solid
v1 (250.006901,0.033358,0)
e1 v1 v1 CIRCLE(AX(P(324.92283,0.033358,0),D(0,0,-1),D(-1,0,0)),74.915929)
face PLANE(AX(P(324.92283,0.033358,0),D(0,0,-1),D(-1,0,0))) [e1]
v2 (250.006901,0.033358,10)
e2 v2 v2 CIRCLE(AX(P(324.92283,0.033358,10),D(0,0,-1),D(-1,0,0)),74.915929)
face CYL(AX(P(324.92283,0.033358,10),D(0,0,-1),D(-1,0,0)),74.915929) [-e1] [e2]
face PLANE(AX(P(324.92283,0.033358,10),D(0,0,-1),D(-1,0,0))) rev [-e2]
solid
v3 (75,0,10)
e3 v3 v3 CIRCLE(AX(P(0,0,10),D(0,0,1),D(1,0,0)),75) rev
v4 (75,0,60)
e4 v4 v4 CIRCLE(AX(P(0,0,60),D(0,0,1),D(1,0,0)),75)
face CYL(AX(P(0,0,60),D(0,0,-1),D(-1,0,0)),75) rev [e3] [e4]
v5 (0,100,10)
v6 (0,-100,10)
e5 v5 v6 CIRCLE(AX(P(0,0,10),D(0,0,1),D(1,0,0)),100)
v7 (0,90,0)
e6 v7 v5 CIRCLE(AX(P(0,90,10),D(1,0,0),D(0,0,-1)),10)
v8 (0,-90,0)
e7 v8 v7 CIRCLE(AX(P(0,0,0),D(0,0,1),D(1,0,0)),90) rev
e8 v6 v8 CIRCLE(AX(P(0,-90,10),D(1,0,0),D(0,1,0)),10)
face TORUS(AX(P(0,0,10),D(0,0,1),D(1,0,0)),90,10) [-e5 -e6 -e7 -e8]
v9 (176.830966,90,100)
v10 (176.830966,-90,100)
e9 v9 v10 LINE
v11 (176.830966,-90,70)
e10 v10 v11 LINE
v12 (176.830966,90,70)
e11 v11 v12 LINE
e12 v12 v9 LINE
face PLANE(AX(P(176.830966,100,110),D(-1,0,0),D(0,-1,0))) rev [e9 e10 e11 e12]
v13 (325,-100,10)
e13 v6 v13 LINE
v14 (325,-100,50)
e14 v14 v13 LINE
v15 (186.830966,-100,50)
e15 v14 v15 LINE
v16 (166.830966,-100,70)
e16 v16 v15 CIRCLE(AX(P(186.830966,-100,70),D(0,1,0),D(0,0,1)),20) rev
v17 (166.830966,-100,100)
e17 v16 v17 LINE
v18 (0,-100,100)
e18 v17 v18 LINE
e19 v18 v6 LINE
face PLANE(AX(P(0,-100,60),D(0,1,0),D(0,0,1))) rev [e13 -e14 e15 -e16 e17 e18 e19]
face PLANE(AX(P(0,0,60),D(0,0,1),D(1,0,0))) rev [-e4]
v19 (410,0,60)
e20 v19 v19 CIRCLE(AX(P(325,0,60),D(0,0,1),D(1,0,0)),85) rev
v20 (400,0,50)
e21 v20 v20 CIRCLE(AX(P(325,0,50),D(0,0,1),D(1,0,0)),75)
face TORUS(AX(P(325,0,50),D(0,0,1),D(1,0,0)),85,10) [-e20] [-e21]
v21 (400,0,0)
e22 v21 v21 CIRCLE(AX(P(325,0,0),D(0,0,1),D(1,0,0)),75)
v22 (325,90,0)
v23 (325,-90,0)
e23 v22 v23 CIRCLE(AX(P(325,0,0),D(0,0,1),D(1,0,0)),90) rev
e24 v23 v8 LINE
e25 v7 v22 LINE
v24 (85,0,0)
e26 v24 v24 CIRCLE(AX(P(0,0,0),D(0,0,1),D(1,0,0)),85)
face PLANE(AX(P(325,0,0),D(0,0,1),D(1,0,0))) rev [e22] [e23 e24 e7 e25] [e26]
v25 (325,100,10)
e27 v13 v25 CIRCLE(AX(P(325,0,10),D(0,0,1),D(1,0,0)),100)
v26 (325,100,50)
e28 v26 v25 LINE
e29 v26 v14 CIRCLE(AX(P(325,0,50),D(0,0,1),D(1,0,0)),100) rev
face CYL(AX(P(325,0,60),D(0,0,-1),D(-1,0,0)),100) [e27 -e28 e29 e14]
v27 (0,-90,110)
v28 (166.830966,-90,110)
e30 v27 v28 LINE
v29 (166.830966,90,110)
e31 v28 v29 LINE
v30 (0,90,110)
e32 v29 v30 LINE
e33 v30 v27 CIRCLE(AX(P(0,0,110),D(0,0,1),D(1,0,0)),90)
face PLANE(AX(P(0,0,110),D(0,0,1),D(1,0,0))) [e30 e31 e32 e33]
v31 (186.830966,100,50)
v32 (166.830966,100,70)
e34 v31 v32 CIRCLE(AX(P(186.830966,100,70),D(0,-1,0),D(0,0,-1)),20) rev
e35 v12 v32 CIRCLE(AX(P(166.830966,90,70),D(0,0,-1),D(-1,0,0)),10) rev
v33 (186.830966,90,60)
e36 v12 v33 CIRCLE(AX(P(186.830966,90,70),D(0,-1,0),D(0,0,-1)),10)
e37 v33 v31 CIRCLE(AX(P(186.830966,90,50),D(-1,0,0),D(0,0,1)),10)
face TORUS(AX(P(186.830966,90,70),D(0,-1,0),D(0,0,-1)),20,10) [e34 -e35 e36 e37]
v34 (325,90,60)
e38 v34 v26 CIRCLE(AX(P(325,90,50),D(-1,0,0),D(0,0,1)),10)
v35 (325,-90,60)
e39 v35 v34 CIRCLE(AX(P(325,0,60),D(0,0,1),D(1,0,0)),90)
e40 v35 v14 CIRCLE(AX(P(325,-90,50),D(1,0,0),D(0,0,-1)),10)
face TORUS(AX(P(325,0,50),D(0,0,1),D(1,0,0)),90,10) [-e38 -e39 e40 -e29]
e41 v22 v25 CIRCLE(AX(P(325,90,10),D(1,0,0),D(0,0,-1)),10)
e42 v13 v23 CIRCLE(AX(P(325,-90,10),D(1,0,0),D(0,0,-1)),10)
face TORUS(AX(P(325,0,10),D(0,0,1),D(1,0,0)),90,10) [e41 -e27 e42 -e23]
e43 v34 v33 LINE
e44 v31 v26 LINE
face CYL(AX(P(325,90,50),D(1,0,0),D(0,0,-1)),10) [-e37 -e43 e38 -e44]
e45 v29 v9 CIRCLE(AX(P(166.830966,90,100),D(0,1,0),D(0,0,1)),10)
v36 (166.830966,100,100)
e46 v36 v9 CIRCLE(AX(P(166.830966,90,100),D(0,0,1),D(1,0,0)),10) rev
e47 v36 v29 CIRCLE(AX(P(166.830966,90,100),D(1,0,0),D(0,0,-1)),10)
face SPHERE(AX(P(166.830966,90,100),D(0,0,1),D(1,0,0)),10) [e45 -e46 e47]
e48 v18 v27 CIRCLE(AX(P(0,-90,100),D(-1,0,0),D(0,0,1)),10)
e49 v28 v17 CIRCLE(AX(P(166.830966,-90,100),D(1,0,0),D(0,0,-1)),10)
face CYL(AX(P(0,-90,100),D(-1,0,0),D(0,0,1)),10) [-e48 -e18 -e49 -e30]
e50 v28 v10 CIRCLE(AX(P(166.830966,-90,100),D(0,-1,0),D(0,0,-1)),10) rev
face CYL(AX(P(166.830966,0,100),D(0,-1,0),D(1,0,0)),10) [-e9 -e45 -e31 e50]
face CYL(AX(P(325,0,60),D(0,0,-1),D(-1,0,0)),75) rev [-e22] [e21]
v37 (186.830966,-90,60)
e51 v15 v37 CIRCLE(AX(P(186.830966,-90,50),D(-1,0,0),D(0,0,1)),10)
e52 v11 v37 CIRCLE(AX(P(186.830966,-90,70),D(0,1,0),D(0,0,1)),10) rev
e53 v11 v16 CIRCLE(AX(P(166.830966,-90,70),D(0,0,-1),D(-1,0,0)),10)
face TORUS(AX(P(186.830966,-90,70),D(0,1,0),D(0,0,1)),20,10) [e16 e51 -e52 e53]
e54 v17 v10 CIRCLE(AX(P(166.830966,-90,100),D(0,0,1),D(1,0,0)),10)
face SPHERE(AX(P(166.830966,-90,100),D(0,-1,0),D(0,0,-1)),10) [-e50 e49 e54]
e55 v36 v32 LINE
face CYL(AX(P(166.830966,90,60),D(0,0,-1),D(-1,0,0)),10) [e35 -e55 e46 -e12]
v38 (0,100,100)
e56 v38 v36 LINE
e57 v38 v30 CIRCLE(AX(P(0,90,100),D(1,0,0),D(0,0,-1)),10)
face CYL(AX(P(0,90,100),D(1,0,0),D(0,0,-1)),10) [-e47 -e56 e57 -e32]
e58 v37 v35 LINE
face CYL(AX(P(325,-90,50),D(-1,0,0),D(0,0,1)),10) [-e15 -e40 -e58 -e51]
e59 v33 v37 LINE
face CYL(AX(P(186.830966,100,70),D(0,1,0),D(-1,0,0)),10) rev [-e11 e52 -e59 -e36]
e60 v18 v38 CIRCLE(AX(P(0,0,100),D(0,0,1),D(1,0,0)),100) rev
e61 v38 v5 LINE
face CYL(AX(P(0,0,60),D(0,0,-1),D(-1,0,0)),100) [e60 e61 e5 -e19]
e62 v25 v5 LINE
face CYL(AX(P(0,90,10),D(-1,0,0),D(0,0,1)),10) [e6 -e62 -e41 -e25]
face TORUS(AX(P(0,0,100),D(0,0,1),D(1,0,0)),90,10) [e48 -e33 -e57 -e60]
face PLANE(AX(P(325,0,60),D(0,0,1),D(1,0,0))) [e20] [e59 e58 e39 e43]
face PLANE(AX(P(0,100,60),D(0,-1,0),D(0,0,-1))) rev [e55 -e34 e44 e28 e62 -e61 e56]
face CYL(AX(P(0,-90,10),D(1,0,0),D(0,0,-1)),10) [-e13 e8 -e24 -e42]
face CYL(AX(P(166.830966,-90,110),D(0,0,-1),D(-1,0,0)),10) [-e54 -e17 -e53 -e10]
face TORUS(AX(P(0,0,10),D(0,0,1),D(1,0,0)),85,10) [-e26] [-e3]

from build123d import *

# Parameters (mm, degrees)
SKIZZE1_R                       = 75
AUFSATZ_LINEAR_AUSTRAGEN1_DEPTH = 60
AUFSATZ_LINEAR_AUSTRAGEN2_DEPTH = 50
SKIZZE4_R                       = 74.91592882
AUFSATZ_LINEAR_AUSTRAGEN3_DEPTH = 10
VERRUNDUNG7_R                   = 10


with BuildPart() as part:
    # Skizze1 → Aufsatz-Linear austragen1 (new body)
    with BuildSketch(Plane.XY):
        with BuildLine():
            Line((0, 100), (325, 100))
            ThreePointArc((325, 100), (425, 0), (325, -100))
            Line((325, -100), (0, -100))
            ThreePointArc((0, -100), (-100, 0), (0, 100))
        make_face()
        Circle(SKIZZE1_R, mode=Mode.SUBTRACT)
        with Locations((325, 0)):
            Circle(SKIZZE1_R, mode=Mode.SUBTRACT)
    extrude(amount=AUFSATZ_LINEAR_AUSTRAGEN1_DEPTH)

    # Skizze2 → Aufsatz-Linear austragen2 (add)
    with BuildSketch(Plane.XY.offset(60)):
        with BuildLine():
            Line((0, 100), (176.830965538, 100))
            Line((176.830965538, 100), (176.830965538, -100))
            Line((176.830965538, -100), (0, -100))
            ThreePointArc((0, -100), (-100, 0), (0, 100))
        make_face()
    extrude(amount=AUFSATZ_LINEAR_AUSTRAGEN2_DEPTH)

    # Verrundung7
    verrundung7_edges = [part.edges().sort_by_distance(p)[0] for p in [
        (-75, 0, 0),
        (250, 0, 60),
        (250.915482769, -100, 60),
        (176.830965538, 0, 60),
        (176.830965538, -100, 85),
        (176.830965538, 100, 85),
        (-100, 0, 110),
        (88.415482769, -100, 110),
        (176.830965538, 0, 110),
        (88.415482769, 100, 110),
        (425, 0, 60),
        (162.5, -100, 0),
        (-100, 0, 0),
        (162.5, 100, 0),
        (425, 0, 0),
        (250.915482769, 100, 60),
    ]]
    fillet(verrundung7_edges, radius=VERRUNDUNG7_R)


with BuildPart() as body_2:
    # Skizze4 → Aufsatz-Linear austragen3 (new body)
    with BuildSketch(Plane(origin=(0, 0, 0), x_dir=(-1, 0, 0), z_dir=(0, 0, -1))):
        with Locations((-324.922829987, 0.033357945)):
            Circle(SKIZZE4_R)
    extrude(amount=-AUFSATZ_LINEAR_AUSTRAGEN3_DEPTH)


solid = Compound([part.part, body_2.part])
